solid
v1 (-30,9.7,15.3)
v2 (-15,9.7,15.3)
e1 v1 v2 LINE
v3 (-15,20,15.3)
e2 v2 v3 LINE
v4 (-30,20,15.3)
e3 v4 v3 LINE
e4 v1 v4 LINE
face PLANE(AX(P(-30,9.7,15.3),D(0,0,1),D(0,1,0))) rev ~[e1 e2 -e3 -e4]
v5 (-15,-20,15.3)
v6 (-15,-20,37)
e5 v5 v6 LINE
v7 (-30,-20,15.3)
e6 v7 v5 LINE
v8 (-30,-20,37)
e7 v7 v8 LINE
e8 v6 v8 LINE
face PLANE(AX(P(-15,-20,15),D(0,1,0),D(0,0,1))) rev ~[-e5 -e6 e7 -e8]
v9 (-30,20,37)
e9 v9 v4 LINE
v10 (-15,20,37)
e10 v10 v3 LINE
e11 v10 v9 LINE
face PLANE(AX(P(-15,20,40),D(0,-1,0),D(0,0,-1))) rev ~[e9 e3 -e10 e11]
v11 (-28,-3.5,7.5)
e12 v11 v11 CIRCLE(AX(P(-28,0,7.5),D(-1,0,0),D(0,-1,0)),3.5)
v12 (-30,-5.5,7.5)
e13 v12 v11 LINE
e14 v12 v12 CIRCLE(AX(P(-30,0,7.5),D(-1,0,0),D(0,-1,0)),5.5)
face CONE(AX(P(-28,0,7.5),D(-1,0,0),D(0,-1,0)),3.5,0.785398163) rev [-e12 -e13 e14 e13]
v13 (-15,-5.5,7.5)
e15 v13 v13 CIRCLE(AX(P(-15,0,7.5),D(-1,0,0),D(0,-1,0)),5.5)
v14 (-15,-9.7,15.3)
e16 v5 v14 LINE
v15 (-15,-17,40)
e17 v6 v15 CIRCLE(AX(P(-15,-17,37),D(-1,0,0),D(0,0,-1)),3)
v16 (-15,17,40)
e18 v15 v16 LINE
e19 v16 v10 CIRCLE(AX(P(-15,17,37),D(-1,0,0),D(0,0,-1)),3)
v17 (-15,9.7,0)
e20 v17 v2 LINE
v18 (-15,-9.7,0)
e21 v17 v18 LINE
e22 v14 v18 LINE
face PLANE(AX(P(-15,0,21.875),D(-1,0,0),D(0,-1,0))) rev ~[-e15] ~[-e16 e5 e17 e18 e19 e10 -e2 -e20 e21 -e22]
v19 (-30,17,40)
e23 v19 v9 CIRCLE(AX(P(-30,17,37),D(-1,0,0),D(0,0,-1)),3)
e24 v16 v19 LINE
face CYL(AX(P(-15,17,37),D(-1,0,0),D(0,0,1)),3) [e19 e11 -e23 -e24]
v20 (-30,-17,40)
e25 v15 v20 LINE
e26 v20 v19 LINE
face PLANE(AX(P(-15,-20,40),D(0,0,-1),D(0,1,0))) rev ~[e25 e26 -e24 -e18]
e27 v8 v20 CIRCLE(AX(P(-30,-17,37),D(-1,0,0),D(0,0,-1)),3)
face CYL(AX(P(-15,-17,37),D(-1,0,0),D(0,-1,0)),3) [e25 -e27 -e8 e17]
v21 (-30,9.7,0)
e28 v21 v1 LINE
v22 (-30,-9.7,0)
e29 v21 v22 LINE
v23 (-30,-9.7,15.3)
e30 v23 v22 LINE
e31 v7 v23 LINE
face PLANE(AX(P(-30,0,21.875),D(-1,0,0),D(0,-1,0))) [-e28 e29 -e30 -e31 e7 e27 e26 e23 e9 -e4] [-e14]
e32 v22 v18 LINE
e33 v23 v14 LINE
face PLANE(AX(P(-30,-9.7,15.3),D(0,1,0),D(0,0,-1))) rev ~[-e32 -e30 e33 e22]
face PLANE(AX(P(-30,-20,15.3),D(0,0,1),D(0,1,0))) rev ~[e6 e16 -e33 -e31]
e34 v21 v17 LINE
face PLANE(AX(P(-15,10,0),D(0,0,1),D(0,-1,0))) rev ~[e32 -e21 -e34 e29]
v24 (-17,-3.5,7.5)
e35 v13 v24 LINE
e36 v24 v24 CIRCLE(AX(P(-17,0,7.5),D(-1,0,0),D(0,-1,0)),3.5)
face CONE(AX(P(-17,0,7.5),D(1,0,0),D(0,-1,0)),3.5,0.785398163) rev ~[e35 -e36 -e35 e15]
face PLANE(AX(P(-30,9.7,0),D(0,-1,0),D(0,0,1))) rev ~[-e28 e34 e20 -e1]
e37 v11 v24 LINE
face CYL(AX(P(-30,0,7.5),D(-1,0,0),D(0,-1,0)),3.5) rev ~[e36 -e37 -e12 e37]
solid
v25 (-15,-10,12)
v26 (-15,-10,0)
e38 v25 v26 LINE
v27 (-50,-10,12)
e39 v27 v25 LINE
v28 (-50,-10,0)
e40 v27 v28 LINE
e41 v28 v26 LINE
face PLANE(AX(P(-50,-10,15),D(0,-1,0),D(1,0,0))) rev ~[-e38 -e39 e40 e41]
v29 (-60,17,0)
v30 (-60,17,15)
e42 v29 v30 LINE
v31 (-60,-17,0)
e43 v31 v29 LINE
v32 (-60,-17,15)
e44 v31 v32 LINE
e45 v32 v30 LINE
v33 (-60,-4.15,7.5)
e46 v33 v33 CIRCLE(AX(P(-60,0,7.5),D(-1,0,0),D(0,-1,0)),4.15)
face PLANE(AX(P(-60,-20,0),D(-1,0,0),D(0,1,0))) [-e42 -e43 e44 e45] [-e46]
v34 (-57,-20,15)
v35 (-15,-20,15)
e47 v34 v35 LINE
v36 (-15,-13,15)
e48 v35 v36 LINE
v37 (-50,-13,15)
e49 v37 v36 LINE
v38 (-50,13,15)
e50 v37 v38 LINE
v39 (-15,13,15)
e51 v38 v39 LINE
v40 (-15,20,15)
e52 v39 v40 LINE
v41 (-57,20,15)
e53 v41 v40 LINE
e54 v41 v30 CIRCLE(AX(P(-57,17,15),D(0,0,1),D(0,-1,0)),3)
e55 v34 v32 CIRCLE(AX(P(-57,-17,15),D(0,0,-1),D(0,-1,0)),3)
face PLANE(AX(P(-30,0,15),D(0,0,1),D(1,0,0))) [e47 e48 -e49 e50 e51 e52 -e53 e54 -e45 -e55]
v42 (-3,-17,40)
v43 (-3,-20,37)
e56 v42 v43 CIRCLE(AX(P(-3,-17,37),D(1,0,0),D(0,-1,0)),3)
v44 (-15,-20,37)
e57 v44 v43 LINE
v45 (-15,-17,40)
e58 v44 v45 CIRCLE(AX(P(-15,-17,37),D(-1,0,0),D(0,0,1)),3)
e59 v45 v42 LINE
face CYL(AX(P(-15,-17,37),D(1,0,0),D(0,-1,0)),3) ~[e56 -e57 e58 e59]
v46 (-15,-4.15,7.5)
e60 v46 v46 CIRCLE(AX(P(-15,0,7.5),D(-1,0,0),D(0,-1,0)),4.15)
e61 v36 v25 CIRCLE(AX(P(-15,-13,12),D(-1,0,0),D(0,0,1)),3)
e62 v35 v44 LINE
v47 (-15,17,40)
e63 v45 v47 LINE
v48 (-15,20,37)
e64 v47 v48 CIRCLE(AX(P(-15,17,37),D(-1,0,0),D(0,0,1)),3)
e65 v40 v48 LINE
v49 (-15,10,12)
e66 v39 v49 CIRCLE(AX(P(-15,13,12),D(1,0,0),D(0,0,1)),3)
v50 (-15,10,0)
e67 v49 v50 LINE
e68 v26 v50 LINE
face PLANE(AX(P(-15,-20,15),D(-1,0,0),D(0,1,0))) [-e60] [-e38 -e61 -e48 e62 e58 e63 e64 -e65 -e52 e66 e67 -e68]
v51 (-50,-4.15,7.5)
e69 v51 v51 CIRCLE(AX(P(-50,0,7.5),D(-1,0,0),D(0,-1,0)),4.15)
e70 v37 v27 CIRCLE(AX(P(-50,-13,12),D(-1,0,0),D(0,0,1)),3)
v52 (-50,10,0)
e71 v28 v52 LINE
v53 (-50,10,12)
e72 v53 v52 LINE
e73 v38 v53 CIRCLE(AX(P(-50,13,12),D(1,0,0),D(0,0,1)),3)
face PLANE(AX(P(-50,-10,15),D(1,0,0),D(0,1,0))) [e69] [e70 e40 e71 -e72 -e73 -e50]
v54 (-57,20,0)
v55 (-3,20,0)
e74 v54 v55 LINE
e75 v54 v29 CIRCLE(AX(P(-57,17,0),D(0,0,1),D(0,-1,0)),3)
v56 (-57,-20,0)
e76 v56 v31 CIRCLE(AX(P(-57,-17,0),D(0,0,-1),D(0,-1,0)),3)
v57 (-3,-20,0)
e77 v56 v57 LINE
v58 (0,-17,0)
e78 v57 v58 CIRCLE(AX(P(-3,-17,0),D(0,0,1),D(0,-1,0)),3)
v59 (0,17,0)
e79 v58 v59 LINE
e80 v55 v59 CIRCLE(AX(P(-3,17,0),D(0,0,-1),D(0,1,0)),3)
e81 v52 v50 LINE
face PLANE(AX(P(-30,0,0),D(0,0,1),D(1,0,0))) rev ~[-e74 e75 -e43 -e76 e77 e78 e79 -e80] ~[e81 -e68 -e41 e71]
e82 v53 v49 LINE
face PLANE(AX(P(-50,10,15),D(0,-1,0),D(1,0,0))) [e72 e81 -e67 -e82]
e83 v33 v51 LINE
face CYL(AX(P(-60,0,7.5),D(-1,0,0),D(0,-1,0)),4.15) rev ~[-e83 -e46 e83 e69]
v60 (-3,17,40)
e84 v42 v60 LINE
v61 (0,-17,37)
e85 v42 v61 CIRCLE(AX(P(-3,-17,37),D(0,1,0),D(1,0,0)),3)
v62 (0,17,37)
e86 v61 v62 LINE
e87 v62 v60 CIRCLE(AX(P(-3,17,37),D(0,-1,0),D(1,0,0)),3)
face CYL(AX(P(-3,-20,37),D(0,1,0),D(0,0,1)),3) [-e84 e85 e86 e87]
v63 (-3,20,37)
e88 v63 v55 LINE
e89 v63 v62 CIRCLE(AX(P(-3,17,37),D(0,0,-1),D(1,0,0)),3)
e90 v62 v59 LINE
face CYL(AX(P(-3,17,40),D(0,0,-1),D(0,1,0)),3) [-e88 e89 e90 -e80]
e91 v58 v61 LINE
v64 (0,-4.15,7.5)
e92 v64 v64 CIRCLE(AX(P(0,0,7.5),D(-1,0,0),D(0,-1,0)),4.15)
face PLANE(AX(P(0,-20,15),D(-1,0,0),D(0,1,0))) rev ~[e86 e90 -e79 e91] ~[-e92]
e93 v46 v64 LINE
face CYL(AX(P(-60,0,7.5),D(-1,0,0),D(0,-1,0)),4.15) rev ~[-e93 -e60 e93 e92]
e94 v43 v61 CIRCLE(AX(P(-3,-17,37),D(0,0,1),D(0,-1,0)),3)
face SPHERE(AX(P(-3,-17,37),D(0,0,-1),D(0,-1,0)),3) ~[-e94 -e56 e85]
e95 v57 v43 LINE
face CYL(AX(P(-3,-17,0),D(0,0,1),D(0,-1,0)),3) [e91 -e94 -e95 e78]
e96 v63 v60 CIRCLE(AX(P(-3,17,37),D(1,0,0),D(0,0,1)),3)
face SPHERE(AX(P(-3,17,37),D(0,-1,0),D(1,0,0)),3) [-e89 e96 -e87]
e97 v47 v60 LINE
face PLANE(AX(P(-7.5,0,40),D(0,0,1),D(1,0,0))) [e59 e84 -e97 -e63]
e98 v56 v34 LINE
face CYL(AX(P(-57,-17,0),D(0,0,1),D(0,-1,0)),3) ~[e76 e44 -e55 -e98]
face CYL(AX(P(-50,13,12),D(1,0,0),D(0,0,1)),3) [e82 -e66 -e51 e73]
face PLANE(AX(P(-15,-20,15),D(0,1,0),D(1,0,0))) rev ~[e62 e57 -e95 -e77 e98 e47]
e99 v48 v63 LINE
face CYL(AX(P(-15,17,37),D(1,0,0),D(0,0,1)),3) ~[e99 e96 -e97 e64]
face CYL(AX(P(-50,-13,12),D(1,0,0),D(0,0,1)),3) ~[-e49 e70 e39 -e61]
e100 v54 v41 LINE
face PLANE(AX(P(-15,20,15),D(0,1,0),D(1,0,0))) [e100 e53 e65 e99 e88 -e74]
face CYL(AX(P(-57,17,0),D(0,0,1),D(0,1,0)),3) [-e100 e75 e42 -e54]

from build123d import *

# Parameters (mm, degrees)
F0_W      = 60
F0_H      = 40
F1_DEPTH  = 15
F2_W      = 15
F2_H      = 40
F3_DEPTH  = 25
F4_W      = 35
F4_H      = 20
F5_DEPTH  = 15.001
F6_R      = 4.15
F7_DEPTH  = 60.001
F9_DEPTH  = 15
F11_DEPTH = 30.001
F12_R     = 3.5
F13_DEPTH = 30.001
F14_SIZE  = 2
F15_R     = 3
F15_2_R   = 3


with BuildPart() as f1:
    # F0 (on Top) → F1 (new body)
    with BuildSketch(Plane.XY):
        with Locations((-30, 0)):
            Rectangle(F0_W, F0_H)
    extrude(amount=F1_DEPTH)

    # F2 (on face) → F3 (join)
    with BuildSketch(Plane.XY.offset(15)):
        with Locations((-7.5, 0)):
            Rectangle(F2_W, F2_H)
    extrude(amount=F3_DEPTH)

    # F4 (on face) → F5 (cut, through all)
    with BuildSketch(Plane.XY.offset(15)):
        with Locations((-32.5, 0)):
            Rectangle(F4_W, F4_H)
    extrude(amount=-F5_DEPTH, mode=Mode.SUBTRACT)

    # F6 (on face) → F7 (cut, through all)
    with BuildSketch(Plane(origin=(-60, 0, 0), x_dir=(0, -1, 0), z_dir=(-1, 0, 0))):
        with Locations((0, 7.5)):
            Circle(F6_R)
    extrude(amount=-F7_DEPTH, mode=Mode.SUBTRACT)

    # F15
    f15_edges = [f1.edges().sort_by_distance(p)[0] for p in [
        (0, -20, 20),
        (-7.5, -20, 40),
        (0, 0, 40),
        (0, 20, 20),
        (-7.5, 20, 40),
        (-60, -20, 7.5),
        (-60, 20, 7.5),
        (-32.5, -10, 15),
        (-32.5, 10, 15),
    ]]
    fillet(f15_edges, radius=F15_R)


with BuildPart() as f9:
    # F8 (on face) → F9 (new body)
    with BuildSketch(Plane(origin=(-15, 0, 0), x_dir=(0, -1, 0), z_dir=(-1, 0, 0))):
        Polygon((20, 40), (-20, 40), (-20, 15), (-10, 15), (-10, 0), (10, 0), (10, 15), (20, 15), align=None)
    extrude(amount=F9_DEPTH)

    # F10 (on face) → F11 (cut, through all)
    with BuildSketch(Plane(origin=(-30, 0, 0), x_dir=(0, -1, 0), z_dir=(-1, 0, 0))):
        Polygon((-9.7, 15.3), (-20, 15.3), (-20, 15), (-10, 15), (-10, 0), (-9.7, 0), align=None)
        Polygon((9.7, 15.3), (9.7, 0), (10, 0), (10, 15), (20, 15), (20, 15.3), align=None)
    extrude(amount=-F11_DEPTH, mode=Mode.SUBTRACT)

    # F12 (on face) → F13 (cut, through all)
    with BuildSketch(Plane(origin=(-30, 0, 0), x_dir=(0, -1, 0), z_dir=(-1, 0, 0))):
        with Locations((0, 7.5)):
            Circle(F12_R)
    extrude(amount=-F13_DEPTH, mode=Mode.SUBTRACT)

    # F14
    f14_edges = [f9.edges().sort_by_distance(p)[0] for p in [
        (-30, 3.5, 7.5),
        (-15, 3.5, 7.5),
    ]]
    chamfer(f14_edges, length=F14_SIZE)

    # F15#2
    f15_2_edges = [f9.edges().sort_by_distance(p)[0] for p in [
        (-22.5, -20, 40),
        (-22.5, 20, 40),
    ]]
    fillet(f15_2_edges, radius=F15_2_R)


solid = Compound([f1.part, f9.part])
